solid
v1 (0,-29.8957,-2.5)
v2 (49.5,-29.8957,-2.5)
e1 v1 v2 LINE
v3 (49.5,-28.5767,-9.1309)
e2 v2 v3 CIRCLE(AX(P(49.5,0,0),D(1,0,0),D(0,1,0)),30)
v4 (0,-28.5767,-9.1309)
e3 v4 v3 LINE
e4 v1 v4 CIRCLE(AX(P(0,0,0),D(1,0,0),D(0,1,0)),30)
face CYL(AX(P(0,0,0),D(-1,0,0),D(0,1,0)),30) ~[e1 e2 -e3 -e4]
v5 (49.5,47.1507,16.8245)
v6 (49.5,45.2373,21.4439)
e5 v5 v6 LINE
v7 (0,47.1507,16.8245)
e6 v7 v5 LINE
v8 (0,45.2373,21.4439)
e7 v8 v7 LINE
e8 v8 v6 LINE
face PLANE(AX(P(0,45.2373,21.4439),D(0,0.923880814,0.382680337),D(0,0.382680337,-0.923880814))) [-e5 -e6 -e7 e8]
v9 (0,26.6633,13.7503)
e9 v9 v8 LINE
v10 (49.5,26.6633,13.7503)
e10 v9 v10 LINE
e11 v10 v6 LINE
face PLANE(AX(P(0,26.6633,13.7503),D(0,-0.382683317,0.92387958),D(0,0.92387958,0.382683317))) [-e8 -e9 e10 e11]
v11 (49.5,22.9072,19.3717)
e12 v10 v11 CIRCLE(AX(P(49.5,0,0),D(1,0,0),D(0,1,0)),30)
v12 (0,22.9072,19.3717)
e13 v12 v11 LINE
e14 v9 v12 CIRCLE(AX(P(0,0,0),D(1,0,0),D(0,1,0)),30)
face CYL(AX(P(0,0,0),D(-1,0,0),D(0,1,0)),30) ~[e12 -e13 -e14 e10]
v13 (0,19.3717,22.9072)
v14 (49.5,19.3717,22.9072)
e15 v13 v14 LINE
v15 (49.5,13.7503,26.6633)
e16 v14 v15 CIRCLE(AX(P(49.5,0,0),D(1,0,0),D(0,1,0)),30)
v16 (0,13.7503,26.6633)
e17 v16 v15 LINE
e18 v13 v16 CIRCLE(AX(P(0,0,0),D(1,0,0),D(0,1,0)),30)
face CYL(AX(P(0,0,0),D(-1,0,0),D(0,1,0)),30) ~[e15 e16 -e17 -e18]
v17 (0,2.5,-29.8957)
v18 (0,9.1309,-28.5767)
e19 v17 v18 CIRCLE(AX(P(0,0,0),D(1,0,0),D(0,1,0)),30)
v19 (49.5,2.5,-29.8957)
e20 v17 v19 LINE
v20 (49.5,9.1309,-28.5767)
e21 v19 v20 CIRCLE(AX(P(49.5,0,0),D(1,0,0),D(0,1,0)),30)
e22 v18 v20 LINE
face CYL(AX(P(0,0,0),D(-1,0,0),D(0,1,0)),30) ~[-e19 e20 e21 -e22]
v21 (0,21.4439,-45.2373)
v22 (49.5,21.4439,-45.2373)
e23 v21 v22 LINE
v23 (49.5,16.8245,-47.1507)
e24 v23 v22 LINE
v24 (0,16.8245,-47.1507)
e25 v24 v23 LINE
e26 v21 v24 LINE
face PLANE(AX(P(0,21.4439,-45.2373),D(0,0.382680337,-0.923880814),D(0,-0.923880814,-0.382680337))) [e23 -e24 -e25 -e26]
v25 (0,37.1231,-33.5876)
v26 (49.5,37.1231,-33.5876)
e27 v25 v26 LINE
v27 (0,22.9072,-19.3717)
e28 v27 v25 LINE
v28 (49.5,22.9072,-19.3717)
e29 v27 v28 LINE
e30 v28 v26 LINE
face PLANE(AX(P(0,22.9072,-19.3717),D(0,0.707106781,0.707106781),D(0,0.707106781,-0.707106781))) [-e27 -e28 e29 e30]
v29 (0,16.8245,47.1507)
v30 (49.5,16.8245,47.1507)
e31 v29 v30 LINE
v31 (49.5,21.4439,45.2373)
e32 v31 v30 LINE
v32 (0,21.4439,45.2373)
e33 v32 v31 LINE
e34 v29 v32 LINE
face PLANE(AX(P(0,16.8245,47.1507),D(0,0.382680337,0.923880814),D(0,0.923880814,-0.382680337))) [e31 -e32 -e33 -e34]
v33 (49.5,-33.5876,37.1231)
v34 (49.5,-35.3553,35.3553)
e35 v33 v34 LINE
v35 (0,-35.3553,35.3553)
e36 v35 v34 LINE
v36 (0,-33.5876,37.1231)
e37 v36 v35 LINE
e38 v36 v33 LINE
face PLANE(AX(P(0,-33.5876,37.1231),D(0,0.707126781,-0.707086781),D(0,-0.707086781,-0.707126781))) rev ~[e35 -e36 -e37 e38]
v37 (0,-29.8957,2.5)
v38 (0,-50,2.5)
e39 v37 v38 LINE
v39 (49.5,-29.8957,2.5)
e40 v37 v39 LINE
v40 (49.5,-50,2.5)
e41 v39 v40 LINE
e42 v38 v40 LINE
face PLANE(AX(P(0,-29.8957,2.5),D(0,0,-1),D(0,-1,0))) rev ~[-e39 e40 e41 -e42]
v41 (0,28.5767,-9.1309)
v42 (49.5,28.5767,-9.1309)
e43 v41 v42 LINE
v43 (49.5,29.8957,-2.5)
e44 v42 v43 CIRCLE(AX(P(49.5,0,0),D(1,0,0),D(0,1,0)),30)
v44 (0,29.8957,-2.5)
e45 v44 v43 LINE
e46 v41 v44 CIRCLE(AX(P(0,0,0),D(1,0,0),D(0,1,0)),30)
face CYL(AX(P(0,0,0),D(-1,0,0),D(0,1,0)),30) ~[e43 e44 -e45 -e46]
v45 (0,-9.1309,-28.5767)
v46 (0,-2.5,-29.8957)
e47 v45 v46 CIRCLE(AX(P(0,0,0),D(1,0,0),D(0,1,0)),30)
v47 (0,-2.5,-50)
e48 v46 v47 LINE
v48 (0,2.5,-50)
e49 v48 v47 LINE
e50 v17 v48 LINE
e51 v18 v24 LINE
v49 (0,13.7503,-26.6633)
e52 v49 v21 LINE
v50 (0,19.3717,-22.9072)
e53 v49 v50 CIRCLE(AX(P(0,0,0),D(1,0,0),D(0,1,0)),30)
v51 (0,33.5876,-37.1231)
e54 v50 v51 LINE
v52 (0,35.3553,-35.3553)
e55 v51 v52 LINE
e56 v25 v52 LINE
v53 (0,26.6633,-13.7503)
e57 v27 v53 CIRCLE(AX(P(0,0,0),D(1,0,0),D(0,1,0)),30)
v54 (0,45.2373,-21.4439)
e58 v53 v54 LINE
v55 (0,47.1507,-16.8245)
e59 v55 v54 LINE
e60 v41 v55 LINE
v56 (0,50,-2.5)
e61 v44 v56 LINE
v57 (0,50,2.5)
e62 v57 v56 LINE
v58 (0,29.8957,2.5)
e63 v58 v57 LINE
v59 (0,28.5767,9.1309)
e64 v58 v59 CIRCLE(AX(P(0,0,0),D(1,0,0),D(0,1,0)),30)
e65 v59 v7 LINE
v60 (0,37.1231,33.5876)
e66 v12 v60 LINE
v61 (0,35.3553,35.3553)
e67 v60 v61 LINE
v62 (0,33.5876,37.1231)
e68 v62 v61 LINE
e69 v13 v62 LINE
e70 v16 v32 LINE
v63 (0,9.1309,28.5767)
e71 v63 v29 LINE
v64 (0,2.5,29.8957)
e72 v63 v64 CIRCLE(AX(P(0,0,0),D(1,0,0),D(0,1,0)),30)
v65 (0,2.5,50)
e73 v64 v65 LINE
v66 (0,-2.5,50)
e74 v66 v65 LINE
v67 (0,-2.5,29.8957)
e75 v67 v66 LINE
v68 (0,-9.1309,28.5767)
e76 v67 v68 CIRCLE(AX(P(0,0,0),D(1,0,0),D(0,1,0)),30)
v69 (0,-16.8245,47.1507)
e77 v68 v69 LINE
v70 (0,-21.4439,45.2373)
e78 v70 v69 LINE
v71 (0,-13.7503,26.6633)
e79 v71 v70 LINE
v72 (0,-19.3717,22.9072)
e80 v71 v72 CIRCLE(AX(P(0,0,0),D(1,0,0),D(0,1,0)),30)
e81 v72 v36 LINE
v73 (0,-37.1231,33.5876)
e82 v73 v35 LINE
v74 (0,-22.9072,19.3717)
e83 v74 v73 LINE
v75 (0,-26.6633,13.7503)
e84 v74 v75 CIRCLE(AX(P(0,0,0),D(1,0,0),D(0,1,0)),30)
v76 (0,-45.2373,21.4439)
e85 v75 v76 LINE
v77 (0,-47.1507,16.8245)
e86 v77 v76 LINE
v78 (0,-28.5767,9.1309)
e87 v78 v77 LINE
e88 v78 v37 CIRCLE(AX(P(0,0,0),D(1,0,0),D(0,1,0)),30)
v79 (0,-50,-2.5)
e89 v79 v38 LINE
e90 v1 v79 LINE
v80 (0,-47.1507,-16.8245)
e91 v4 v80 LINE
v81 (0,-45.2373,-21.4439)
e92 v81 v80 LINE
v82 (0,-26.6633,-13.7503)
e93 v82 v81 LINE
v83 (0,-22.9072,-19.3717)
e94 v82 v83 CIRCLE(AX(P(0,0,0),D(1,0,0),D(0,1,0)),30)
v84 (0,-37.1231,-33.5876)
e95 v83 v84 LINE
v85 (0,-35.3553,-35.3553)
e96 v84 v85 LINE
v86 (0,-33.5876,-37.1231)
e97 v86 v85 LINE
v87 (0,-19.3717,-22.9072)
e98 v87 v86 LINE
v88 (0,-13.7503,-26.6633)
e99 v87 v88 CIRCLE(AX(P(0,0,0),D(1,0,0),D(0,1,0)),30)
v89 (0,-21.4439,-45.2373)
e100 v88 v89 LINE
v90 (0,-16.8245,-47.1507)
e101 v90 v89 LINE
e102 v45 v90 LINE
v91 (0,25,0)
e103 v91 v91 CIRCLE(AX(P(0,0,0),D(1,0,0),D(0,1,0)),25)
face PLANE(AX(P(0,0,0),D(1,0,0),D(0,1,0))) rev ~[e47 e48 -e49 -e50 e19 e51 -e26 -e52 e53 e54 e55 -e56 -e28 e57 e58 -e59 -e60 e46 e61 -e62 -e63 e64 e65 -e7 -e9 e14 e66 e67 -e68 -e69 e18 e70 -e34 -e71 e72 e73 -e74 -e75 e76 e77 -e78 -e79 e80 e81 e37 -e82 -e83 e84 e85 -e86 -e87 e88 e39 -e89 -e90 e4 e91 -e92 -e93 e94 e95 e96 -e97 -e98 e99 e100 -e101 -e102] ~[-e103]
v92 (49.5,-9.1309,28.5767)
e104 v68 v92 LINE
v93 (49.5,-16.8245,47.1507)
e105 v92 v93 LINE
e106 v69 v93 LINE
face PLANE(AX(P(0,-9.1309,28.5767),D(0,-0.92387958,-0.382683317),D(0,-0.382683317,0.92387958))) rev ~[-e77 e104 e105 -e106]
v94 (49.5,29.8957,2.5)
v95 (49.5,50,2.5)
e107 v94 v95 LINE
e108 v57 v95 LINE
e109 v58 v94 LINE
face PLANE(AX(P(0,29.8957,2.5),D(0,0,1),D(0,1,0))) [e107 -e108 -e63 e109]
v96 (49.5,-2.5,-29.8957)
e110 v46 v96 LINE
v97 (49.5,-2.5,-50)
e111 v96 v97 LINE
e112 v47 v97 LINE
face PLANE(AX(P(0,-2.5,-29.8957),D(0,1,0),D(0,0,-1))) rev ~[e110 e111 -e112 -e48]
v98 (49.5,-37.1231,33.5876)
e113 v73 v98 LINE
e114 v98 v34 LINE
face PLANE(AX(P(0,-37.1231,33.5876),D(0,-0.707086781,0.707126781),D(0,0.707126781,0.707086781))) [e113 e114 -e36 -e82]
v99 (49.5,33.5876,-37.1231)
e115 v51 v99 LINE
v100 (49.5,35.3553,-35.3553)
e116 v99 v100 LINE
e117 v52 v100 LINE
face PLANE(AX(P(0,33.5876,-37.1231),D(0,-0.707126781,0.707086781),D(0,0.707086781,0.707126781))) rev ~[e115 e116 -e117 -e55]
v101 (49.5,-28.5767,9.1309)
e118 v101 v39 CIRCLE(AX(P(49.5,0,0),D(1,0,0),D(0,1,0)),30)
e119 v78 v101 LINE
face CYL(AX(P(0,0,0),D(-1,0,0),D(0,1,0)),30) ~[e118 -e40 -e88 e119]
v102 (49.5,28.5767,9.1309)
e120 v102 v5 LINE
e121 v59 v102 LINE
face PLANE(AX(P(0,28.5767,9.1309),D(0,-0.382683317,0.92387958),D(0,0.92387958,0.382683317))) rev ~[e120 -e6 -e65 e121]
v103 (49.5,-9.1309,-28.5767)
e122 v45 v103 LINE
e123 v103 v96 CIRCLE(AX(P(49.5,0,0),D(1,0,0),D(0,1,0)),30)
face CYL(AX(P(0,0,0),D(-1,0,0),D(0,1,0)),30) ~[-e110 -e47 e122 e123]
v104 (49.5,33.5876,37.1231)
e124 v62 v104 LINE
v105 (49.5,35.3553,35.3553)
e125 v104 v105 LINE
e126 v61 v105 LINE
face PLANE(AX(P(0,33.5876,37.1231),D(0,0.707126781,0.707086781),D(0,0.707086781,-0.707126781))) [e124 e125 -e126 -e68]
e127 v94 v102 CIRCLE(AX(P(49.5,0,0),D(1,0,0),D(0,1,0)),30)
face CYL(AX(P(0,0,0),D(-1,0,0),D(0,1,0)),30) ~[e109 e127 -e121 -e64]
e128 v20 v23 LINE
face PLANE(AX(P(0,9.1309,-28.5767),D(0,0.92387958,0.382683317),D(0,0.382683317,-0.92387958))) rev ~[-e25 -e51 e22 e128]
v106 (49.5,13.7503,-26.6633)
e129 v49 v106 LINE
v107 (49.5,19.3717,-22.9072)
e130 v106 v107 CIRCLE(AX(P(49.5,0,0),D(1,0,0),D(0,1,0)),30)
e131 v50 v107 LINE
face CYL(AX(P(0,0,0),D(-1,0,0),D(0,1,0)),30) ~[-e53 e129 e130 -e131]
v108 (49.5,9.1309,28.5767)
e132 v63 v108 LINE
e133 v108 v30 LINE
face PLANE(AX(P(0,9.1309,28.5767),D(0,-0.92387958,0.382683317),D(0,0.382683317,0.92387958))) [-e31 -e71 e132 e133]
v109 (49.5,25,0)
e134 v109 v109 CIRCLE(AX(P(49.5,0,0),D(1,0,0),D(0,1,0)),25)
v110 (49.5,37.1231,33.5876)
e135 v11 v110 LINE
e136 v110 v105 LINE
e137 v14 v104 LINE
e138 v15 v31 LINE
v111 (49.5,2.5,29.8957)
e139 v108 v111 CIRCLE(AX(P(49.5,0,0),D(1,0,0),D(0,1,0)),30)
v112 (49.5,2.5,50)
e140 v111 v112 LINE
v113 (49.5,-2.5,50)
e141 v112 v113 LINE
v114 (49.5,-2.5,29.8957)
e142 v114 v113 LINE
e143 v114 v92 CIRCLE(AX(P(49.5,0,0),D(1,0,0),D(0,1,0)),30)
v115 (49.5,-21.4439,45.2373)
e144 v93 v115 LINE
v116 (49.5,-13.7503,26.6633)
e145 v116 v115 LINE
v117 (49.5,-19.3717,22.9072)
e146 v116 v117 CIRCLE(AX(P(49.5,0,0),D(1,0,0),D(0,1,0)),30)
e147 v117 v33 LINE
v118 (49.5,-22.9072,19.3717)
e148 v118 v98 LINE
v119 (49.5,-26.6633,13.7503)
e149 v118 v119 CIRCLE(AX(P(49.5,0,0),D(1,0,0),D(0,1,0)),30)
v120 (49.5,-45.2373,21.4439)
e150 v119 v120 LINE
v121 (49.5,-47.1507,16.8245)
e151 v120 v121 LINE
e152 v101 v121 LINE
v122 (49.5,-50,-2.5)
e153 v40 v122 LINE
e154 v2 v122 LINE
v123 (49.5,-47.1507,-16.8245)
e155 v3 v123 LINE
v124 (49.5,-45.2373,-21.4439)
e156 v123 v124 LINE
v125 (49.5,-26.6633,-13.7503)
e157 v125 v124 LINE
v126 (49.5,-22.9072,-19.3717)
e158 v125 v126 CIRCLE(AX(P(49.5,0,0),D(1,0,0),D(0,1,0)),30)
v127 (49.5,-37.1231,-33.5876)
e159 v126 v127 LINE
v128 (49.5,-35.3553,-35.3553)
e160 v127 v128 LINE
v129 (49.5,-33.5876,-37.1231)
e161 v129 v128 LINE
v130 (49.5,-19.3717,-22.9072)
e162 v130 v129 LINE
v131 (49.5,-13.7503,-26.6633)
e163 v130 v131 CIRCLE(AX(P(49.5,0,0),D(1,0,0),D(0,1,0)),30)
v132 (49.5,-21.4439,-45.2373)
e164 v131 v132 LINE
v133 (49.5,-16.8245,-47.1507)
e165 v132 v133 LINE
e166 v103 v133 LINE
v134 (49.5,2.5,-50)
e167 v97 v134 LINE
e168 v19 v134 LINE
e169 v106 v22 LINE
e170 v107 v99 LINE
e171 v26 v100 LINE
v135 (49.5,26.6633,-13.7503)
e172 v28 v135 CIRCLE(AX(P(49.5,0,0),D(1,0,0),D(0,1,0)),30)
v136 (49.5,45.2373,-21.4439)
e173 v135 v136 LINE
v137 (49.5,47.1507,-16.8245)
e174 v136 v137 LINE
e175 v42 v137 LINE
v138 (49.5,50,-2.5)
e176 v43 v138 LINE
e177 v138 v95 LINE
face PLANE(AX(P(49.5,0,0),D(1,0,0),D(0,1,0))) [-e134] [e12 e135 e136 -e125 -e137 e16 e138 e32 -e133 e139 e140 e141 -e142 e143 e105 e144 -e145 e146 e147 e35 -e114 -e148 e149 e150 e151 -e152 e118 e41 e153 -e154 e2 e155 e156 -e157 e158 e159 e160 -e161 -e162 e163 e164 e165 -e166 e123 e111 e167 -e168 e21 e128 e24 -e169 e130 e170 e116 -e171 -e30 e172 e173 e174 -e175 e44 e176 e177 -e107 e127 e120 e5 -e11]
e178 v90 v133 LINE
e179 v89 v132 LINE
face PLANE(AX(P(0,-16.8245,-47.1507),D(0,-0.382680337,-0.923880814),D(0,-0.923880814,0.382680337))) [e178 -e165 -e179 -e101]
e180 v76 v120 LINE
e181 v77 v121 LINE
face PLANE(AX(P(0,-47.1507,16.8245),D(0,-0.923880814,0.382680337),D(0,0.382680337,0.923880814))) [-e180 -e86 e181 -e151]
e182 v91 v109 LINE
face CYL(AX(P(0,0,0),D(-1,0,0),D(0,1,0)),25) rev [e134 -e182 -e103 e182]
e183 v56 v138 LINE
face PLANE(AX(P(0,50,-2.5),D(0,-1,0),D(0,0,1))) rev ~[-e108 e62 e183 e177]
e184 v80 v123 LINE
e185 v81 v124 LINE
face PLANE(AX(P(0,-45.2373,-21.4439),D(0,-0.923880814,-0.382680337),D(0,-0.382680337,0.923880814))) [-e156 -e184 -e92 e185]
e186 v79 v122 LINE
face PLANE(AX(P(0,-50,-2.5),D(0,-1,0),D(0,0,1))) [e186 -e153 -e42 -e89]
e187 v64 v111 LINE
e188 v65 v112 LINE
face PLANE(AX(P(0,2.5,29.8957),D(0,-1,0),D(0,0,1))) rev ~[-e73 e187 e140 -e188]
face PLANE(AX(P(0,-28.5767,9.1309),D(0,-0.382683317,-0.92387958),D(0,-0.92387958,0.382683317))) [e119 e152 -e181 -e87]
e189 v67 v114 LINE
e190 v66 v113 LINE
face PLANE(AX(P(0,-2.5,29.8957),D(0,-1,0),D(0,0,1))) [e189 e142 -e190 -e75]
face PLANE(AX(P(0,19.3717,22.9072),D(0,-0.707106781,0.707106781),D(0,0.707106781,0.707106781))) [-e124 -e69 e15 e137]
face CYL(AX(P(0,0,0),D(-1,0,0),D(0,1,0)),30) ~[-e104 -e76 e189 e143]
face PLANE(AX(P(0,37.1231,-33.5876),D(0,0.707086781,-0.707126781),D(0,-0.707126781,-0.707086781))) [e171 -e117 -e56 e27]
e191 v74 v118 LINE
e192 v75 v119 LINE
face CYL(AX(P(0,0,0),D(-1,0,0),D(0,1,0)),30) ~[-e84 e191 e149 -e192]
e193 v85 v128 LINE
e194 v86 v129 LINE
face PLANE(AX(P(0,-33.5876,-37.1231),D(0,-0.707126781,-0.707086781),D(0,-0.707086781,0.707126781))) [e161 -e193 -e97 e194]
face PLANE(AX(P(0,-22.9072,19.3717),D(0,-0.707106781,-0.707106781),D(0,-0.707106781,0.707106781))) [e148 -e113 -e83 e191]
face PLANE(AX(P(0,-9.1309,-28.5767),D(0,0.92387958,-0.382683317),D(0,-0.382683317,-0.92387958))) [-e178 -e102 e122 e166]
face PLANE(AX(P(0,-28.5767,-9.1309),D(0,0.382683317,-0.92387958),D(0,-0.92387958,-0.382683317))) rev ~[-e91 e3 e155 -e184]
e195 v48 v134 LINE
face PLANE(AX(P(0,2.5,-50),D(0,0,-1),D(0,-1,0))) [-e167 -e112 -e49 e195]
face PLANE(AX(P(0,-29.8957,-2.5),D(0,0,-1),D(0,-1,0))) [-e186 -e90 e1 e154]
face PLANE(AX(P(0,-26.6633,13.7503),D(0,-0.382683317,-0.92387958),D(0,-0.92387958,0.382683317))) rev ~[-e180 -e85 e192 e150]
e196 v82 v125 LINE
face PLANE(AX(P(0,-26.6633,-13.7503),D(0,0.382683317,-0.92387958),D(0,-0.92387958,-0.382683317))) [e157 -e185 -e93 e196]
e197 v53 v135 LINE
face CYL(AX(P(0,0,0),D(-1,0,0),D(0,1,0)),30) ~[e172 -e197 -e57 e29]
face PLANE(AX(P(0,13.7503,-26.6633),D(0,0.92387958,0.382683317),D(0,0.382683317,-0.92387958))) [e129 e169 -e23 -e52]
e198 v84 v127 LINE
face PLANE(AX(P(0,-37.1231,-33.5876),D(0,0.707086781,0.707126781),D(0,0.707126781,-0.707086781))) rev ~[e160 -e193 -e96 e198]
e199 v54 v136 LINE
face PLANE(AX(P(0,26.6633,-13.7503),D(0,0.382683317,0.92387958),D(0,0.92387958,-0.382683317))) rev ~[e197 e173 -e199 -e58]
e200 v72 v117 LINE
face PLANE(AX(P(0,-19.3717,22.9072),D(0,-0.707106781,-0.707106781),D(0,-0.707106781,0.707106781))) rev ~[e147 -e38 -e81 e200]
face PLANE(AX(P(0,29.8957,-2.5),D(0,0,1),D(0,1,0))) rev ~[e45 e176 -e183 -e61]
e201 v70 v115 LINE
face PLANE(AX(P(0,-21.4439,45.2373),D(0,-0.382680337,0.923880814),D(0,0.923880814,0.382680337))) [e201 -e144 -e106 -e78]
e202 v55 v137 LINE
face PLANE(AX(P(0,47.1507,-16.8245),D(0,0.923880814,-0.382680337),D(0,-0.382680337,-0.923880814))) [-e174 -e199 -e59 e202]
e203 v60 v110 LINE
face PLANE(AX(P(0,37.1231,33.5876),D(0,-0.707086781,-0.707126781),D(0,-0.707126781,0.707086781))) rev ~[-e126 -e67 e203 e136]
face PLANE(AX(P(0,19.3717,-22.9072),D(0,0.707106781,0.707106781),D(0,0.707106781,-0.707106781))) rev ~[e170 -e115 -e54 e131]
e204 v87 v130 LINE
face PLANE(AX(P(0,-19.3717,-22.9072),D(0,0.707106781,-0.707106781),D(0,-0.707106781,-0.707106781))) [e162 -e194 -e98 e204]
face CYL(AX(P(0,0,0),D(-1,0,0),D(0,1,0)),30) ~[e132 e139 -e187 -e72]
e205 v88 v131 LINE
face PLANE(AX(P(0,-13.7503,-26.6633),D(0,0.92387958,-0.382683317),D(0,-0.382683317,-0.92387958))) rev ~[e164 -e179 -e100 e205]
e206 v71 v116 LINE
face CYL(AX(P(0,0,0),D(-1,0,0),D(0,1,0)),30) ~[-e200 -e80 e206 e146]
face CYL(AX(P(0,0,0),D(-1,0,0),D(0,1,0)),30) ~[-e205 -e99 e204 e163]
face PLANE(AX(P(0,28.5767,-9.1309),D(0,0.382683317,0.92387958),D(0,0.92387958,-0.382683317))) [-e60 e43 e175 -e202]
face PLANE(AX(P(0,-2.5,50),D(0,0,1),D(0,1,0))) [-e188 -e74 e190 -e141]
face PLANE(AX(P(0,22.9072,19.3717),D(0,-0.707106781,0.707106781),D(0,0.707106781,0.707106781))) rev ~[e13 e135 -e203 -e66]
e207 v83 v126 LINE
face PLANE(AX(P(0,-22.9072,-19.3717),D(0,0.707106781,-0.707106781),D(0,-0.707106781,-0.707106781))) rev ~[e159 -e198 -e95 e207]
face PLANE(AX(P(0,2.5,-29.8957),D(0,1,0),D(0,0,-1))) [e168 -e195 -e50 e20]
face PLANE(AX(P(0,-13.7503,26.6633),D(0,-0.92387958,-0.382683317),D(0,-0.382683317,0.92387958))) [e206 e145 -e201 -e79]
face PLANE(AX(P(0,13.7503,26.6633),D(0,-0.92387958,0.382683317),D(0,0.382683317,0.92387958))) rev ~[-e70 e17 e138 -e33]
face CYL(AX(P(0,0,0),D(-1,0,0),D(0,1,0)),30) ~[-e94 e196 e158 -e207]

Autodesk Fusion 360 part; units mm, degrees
sketch "Sketch2" plane through (0, 0, 0) normal (1, 0, 0) x (0, 1, 0)
  circle A0 centre (0, 0) radius 30
  circle A1 centre (0, 0) radius 25
  line L0 (-30, 0) -> (30, 0) construction
  line L1 (0, 45) -> (0, -45) construction
  line L2 (-2.5, 29.8957) -> (-2.5, 50)
  line L3 (-2.5, 50) -> (0, 50)
  line L4 (2.5, 29.8957) -> (2.5, 50)
  line L5 (2.5, 50) -> (0, 50)
  line L6 (-13.7503, 26.6633) -> (-21.4439, 45.2373)
  line L7 (-16.8245, 47.1507) -> (-19.1342, 46.194)
  line L8 (-9.1309, 28.5767) -> (-16.8245, 47.1507)
  line L9 (-21.4439, 45.2373) -> (-19.1342, 46.194)
  line L10 (-22.9072, 19.3717) -> (-37.1231, 33.5876)
  line L11 (-33.5876, 37.1231) -> (-35.3553, 35.3553)
  line L12 (-19.3717, 22.9072) -> (-33.5876, 37.1231)
  line L13 (-37.1231, 33.5876) -> (-35.3553, 35.3553)
  line L14 (-28.5767, 9.1309) -> (-47.1507, 16.8245)
  line L15 (-45.2373, 21.4439) -> (-46.194, 19.1342)
  line L16 (-26.6633, 13.7503) -> (-45.2373, 21.4439)
  line L17 (-47.1507, 16.8245) -> (-46.194, 19.1342)
  line L18 (-29.8957, -2.5) -> (-50, -2.5)
  line L19 (-50, 2.5) -> (-50, 0)
  line L20 (-29.8957, 2.5) -> (-50, 2.5)
  line L21 (-50, -2.5) -> (-50, 0)
  line L22 (-26.6633, -13.7503) -> (-45.2373, -21.4439)
  line L23 (-47.1507, -16.8245) -> (-46.194, -19.1342)
  line L24 (-28.5767, -9.1309) -> (-47.1507, -16.8245)
  line L25 (-45.2373, -21.4439) -> (-46.194, -19.1342)
  line L26 (-19.3717, -22.9072) -> (-33.5876, -37.1231)
  line L27 (-37.1231, -33.5876) -> (-35.3553, -35.3553)
  line L28 (-22.9072, -19.3717) -> (-37.1231, -33.5876)
  line L29 (-33.5876, -37.1231) -> (-35.3553, -35.3553)
  line L30 (-9.1309, -28.5767) -> (-16.8245, -47.1507)
  line L31 (-21.4439, -45.2373) -> (-19.1342, -46.194)
  line L32 (-13.7503, -26.6633) -> (-21.4439, -45.2373)
  line L33 (-16.8245, -47.1507) -> (-19.1342, -46.194)
  line L34 (2.5, -29.8957) -> (2.5, -50)
  line L35 (-2.5, -50) -> (0, -50)
  line L36 (-2.5, -29.8957) -> (-2.5, -50)
  line L37 (2.5, -50) -> (0, -50)
  line L38 (13.7503, -26.6633) -> (21.4439, -45.2373)
  line L39 (16.8245, -47.1507) -> (19.1342, -46.194)
  line L40 (9.1309, -28.5767) -> (16.8245, -47.1507)
  line L41 (21.4439, -45.2373) -> (19.1342, -46.194)
  line L42 (22.9072, -19.3717) -> (37.1231, -33.5876)
  line L43 (33.5876, -37.1231) -> (35.3553, -35.3553)
  line L44 (19.3717, -22.9072) -> (33.5876, -37.1231)
  line L45 (37.1231, -33.5876) -> (35.3553, -35.3553)
  line L46 (28.5767, -9.1309) -> (47.1507, -16.8245)
  line L47 (45.2373, -21.4439) -> (46.194, -19.1342)
  line L48 (26.6633, -13.7503) -> (45.2373, -21.4439)
  line L49 (47.1507, -16.8245) -> (46.194, -19.1342)
  line L50 (29.8957, 2.5) -> (50, 2.5)
  line L51 (50, -2.5) -> (50, 0)
  line L52 (29.8957, -2.5) -> (50, -2.5)
  line L53 (50, 2.5) -> (50, 0)
  line L54 (26.6633, 13.7503) -> (45.2373, 21.4439)
  line L55 (47.1507, 16.8245) -> (46.194, 19.1342)
  line L56 (28.5767, 9.1309) -> (47.1507, 16.8245)
  line L57 (45.2373, 21.4439) -> (46.194, 19.1342)
  line L58 (19.3717, 22.9072) -> (33.5876, 37.1231)
  line L59 (37.1231, 33.5876) -> (35.3553, 35.3553)
  line L60 (22.9072, 19.3717) -> (37.1231, 33.5876)
  line L61 (33.5876, 37.1231) -> (35.3553, 35.3553)
  line L62 (9.1309, 28.5767) -> (16.8245, 47.1507)
  line L63 (21.4439, 45.2373) -> (19.1342, 46.194)
  line L64 (13.7503, 26.6633) -> (21.4439, 45.2373)
  line L65 (16.8245, 47.1507) -> (19.1342, 46.194)
  dimension "d1" = 60
  dimension "d2" = 50
  dimension "d4" = 2.5
  dimension "d5" = 50
  dimension "d7" = 360
extrude "Extrude1" add sketch "Sketch2" along normal blind 49.5
